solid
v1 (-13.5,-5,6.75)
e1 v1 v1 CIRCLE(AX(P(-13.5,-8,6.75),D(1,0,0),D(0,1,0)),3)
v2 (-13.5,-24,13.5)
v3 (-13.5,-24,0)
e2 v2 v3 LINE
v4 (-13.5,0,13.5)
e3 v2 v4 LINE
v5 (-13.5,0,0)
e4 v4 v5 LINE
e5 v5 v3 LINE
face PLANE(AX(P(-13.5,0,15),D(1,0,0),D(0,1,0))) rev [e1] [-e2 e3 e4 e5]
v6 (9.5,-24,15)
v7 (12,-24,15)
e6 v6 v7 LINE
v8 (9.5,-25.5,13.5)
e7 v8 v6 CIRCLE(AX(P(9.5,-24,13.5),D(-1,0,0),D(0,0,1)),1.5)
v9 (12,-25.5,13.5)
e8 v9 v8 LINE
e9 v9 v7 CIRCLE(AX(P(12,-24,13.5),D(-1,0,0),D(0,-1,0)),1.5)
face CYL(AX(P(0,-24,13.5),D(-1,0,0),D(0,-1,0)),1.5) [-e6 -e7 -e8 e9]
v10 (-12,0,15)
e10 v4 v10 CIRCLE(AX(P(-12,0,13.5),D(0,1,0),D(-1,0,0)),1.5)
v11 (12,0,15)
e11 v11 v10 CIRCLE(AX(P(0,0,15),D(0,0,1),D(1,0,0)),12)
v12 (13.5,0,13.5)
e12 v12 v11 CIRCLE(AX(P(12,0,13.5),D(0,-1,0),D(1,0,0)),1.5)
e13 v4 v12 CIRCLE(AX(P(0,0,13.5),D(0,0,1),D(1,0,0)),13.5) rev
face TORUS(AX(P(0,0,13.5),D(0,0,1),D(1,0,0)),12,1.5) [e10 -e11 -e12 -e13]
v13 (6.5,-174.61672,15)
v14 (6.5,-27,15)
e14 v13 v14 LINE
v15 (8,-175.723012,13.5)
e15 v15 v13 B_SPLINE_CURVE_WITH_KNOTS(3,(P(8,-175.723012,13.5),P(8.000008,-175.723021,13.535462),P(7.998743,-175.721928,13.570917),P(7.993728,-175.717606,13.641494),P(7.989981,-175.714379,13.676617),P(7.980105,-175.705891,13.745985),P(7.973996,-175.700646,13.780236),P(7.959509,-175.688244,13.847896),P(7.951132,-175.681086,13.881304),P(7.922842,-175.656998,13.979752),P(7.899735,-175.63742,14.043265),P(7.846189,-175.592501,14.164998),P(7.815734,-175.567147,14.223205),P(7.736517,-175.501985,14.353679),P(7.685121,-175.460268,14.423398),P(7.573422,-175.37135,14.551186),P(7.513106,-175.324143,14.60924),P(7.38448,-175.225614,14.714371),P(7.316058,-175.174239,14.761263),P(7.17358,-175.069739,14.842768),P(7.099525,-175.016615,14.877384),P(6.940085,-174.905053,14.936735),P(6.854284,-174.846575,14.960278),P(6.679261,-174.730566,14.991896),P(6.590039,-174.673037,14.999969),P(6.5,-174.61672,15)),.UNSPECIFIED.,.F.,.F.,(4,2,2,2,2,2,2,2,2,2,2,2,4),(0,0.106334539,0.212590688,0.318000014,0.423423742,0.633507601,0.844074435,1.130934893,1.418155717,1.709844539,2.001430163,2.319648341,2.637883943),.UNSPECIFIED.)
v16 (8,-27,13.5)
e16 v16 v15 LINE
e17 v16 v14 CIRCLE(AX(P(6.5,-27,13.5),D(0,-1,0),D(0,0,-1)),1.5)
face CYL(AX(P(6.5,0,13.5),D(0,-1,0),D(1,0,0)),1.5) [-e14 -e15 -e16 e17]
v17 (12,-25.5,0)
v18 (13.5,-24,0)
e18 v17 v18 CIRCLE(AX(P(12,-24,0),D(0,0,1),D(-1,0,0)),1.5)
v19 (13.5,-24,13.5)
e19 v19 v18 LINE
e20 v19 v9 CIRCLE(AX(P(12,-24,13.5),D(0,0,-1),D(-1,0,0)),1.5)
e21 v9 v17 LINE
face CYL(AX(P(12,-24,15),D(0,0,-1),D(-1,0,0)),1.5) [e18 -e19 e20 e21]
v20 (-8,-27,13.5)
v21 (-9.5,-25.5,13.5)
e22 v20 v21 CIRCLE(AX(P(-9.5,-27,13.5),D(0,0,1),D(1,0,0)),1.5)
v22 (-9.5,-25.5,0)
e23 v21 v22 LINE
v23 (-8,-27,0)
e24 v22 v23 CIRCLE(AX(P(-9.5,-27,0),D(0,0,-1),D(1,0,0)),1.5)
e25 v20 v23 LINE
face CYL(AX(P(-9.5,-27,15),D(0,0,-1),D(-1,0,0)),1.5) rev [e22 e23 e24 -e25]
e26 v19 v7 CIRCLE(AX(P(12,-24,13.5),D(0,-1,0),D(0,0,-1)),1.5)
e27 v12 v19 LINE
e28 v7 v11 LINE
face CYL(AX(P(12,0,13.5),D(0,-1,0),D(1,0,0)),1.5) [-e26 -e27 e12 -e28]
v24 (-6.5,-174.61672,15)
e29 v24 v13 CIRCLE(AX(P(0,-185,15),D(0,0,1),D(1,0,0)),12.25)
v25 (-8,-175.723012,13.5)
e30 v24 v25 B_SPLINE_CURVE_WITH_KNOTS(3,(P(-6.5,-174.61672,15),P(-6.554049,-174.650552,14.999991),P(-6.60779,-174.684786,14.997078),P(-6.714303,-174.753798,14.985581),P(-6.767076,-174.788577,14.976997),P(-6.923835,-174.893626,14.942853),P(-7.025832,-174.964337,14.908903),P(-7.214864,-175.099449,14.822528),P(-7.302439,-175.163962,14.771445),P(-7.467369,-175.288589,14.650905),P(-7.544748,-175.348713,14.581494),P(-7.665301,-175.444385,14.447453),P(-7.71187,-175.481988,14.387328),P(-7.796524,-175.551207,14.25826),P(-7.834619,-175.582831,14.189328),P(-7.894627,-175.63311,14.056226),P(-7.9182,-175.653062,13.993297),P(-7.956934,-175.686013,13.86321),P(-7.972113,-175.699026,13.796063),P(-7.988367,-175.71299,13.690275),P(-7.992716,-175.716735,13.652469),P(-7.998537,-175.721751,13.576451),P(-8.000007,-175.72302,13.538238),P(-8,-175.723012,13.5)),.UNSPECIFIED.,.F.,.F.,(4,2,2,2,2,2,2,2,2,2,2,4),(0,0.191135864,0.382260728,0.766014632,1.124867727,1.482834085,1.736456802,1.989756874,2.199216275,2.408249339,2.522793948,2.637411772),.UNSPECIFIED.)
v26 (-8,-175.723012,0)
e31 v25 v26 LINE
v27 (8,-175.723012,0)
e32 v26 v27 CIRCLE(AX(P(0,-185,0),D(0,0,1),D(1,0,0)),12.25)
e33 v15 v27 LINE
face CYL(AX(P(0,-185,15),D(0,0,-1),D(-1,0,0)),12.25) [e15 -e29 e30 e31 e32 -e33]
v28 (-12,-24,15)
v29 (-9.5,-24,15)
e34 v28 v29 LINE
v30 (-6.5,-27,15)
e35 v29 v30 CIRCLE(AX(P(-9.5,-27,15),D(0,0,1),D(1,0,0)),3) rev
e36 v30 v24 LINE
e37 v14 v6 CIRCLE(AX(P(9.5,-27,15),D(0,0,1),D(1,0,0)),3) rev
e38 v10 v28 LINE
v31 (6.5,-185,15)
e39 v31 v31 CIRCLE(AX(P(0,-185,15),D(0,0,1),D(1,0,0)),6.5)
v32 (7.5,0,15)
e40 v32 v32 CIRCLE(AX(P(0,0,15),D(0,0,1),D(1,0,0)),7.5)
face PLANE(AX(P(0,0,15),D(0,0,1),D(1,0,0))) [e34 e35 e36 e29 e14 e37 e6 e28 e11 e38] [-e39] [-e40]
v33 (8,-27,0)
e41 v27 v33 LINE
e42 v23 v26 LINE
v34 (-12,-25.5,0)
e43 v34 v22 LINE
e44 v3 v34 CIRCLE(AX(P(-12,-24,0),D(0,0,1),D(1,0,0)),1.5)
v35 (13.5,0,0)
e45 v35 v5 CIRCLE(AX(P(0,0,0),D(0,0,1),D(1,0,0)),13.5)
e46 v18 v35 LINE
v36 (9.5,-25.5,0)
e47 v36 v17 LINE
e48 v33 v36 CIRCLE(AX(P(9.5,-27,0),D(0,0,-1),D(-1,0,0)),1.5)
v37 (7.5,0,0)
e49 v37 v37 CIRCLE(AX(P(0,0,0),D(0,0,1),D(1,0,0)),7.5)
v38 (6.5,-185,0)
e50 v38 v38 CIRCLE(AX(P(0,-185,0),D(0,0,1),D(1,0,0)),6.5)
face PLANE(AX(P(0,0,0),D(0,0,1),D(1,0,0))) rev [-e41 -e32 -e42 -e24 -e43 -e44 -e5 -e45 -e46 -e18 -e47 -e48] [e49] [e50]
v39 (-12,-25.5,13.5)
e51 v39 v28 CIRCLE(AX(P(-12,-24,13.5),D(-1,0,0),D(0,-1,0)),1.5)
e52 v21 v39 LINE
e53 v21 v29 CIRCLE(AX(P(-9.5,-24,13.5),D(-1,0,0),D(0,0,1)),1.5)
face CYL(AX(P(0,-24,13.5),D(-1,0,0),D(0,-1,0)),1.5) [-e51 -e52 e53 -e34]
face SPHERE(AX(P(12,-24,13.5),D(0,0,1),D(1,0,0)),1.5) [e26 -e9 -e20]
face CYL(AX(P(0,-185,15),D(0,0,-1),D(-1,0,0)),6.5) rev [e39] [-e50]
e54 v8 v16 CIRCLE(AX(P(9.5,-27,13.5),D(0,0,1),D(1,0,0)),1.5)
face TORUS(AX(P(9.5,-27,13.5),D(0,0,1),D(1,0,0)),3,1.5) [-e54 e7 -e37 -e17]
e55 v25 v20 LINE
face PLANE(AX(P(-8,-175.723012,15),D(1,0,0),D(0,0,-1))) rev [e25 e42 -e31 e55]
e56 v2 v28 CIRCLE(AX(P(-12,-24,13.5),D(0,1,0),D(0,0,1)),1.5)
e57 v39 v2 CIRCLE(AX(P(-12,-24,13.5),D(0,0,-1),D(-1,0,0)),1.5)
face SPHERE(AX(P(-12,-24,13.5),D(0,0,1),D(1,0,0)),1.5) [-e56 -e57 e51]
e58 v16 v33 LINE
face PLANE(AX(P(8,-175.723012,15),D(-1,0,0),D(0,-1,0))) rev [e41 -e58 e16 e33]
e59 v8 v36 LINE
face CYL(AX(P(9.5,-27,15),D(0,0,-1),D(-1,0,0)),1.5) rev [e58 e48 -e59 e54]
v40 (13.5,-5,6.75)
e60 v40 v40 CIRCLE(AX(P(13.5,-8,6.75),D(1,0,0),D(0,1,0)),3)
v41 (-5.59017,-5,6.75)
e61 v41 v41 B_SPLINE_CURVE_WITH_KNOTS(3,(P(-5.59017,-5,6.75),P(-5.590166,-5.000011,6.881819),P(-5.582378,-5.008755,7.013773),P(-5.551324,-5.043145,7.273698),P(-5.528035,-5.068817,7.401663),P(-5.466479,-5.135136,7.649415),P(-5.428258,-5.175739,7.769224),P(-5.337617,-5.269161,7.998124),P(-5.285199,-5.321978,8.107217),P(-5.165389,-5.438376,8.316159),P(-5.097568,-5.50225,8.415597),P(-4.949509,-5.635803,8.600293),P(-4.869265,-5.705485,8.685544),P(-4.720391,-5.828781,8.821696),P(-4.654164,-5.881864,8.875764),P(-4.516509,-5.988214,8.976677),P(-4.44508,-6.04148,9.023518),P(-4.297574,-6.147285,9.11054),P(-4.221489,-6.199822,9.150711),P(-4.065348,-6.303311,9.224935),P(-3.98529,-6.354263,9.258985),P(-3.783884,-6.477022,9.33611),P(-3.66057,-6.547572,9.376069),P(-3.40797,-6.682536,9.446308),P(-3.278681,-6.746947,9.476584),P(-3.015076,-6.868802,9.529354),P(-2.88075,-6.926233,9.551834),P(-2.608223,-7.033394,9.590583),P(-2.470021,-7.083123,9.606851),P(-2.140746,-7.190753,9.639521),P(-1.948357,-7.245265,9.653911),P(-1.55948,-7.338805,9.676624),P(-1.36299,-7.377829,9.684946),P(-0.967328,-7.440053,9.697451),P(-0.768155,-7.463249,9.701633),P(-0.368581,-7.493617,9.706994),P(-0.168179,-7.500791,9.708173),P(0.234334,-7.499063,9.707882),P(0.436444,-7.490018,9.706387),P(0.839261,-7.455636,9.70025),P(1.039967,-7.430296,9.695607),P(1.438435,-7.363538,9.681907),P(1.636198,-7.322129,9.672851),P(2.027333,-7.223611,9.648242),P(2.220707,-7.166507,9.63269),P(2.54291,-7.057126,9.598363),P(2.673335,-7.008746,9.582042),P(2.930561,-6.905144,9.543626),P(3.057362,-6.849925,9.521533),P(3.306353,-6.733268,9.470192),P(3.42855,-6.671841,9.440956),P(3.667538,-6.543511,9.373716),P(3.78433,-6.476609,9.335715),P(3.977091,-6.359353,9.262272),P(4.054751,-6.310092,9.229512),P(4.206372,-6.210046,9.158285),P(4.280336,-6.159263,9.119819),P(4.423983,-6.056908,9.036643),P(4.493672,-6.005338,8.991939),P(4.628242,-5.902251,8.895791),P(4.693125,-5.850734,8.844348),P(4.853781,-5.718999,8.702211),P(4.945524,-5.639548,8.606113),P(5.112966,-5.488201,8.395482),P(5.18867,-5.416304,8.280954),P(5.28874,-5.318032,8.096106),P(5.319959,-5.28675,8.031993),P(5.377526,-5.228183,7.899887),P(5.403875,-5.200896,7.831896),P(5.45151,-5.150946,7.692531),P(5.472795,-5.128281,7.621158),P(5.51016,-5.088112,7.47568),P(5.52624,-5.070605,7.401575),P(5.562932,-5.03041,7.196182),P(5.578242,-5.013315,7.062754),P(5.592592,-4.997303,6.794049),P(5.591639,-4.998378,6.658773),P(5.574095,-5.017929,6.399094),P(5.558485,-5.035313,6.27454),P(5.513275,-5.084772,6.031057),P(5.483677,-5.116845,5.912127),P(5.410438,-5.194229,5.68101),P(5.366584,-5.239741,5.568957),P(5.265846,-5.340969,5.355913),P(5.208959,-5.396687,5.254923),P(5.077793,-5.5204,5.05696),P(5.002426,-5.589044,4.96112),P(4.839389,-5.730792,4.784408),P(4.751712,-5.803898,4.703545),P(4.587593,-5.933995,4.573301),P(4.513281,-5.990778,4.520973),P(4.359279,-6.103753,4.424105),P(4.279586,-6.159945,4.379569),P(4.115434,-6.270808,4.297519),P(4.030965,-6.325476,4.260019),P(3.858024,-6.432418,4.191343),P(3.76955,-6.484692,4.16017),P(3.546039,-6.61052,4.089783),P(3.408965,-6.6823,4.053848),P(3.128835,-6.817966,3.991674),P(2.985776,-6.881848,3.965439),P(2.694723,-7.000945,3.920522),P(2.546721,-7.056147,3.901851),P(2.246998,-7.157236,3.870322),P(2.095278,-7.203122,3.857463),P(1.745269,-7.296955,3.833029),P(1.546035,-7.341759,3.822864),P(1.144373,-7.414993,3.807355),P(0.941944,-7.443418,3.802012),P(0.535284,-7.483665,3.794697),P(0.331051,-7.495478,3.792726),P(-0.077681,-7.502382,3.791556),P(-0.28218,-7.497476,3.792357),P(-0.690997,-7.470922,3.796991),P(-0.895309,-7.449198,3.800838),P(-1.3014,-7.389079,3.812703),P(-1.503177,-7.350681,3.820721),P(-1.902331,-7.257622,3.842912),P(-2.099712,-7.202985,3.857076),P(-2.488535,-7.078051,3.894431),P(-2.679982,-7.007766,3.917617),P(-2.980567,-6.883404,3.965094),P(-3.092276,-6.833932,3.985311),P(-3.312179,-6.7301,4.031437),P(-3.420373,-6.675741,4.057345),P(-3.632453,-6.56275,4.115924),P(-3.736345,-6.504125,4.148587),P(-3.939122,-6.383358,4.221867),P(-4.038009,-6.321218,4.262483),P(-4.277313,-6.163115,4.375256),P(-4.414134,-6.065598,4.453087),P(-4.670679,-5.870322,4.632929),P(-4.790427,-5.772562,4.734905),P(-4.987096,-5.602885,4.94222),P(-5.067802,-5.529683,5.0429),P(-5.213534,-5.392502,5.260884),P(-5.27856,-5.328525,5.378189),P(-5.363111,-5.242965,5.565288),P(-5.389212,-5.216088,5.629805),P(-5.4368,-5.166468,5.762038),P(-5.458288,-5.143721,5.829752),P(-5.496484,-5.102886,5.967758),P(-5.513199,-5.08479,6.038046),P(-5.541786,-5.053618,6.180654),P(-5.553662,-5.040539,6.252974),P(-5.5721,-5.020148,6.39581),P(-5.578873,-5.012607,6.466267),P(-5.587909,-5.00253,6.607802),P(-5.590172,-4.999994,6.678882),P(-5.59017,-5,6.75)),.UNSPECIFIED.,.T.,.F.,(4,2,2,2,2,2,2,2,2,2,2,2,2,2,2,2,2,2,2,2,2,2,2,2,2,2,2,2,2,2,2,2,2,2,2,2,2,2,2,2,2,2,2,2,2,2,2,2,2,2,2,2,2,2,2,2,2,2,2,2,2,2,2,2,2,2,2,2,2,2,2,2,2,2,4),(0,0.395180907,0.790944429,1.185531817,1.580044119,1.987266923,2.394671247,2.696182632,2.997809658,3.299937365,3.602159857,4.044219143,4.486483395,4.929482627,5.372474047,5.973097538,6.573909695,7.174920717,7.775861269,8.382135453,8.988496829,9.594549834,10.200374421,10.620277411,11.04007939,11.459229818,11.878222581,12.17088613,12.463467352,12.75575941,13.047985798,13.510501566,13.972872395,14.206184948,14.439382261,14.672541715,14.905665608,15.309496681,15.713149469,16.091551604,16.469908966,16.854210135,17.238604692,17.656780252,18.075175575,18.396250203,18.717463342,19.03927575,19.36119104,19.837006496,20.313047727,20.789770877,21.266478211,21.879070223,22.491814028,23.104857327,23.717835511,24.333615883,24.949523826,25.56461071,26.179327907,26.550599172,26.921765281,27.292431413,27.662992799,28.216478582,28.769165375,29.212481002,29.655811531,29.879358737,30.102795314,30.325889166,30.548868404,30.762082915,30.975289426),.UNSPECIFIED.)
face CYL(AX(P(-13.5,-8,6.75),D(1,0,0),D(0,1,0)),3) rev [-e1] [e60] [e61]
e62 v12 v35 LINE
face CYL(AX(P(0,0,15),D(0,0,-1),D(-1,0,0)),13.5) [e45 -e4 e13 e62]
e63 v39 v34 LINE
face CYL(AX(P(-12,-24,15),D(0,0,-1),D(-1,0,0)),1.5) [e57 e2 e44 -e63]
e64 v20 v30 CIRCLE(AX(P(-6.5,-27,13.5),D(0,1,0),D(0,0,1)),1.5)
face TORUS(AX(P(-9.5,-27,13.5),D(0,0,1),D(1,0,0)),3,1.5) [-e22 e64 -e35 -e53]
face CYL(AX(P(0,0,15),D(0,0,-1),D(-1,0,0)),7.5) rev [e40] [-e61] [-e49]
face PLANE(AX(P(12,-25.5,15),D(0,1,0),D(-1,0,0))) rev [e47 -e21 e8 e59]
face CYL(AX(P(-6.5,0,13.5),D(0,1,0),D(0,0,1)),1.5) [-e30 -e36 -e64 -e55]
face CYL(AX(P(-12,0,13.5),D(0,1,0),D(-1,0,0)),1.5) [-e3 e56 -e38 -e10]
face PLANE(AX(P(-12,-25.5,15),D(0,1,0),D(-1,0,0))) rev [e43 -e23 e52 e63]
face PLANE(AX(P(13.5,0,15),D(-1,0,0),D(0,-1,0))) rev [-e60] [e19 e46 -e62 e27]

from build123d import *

# Parameters (mm, degrees)
SKETCH1_R           = 6.5
SKETCH1_R_2         = 7.5
BOSS_EXTRUDE1_DEPTH = 15
FILLET2_R           = 1.5
SKETCH4_R           = 3
CUT_EXTRUDE1_DEPTH  = 28


with BuildPart() as part:
    # Sketch1 → Boss-Extrude1 (new body)
    with BuildSketch(Plane.XY):
        with BuildLine():
            Line((-13.5, 0), (-13.5, -24))
            ThreePointArc((-13.5, -24), (-13.060660172, -25.060660172), (-12, -25.5))
            Line((-12, -25.5), (-9.5, -25.5))
            ThreePointArc((-9.5, -25.5), (-8.439339828, -25.939339828), (-8, -27))
            Line((-8, -27), (-8, -175.723012342))
            ThreePointArc((-8, -175.723012342), (0, -197.25), (8, -175.723012342))
            Line((8, -175.723012342), (8, -27))
            ThreePointArc((8, -27), (8.439339828, -25.939339828), (9.5, -25.5))
            Line((9.5, -25.5), (12, -25.5))
            ThreePointArc((12, -25.5), (13.060660172, -25.060660172), (13.5, -24))
            Line((13.5, -24), (13.5, 0))
            ThreePointArc((13.5, 0), (0, 13.5), (-13.5, 0))
        make_face()
        with Locations((0, -185)):
            Circle(SKETCH1_R, mode=Mode.SUBTRACT)
        Circle(SKETCH1_R_2, mode=Mode.SUBTRACT)
    extrude(amount=BOSS_EXTRUDE1_DEPTH)

    # Fillet2
    fillet2_edges = [part.edges().sort_by_distance(p)[0] for p in [
        (-13.060660172, -25.060660172, 15),
        (-10.75, -25.5, 15),
        (-8.439339828, -25.939339828, 15),
        (-8, -101.361506171, 15),
        (8, -101.361506171, 15),
        (8.439339828, -25.939339828, 15),
        (10.75, -25.5, 15),
        (13.060660172, -25.060660172, 15),
        (13.5, -12, 15),
        (0, 13.5, 15),
        (-13.5, -12, 15),
    ]]
    fillet(fillet2_edges, radius=FILLET2_R)

    # Sketch4 → Cut-Extrude1 (cut, through all)
    with BuildSketch(Plane(origin=(13.5, 0, 0), x_dir=(0, 0, -1), z_dir=(1, 0, 0))):
        with Locations((-6.75, -8)):
            Circle(SKETCH4_R)
    extrude(amount=-CUT_EXTRUDE1_DEPTH, mode=Mode.SUBTRACT)


solid = part.part
